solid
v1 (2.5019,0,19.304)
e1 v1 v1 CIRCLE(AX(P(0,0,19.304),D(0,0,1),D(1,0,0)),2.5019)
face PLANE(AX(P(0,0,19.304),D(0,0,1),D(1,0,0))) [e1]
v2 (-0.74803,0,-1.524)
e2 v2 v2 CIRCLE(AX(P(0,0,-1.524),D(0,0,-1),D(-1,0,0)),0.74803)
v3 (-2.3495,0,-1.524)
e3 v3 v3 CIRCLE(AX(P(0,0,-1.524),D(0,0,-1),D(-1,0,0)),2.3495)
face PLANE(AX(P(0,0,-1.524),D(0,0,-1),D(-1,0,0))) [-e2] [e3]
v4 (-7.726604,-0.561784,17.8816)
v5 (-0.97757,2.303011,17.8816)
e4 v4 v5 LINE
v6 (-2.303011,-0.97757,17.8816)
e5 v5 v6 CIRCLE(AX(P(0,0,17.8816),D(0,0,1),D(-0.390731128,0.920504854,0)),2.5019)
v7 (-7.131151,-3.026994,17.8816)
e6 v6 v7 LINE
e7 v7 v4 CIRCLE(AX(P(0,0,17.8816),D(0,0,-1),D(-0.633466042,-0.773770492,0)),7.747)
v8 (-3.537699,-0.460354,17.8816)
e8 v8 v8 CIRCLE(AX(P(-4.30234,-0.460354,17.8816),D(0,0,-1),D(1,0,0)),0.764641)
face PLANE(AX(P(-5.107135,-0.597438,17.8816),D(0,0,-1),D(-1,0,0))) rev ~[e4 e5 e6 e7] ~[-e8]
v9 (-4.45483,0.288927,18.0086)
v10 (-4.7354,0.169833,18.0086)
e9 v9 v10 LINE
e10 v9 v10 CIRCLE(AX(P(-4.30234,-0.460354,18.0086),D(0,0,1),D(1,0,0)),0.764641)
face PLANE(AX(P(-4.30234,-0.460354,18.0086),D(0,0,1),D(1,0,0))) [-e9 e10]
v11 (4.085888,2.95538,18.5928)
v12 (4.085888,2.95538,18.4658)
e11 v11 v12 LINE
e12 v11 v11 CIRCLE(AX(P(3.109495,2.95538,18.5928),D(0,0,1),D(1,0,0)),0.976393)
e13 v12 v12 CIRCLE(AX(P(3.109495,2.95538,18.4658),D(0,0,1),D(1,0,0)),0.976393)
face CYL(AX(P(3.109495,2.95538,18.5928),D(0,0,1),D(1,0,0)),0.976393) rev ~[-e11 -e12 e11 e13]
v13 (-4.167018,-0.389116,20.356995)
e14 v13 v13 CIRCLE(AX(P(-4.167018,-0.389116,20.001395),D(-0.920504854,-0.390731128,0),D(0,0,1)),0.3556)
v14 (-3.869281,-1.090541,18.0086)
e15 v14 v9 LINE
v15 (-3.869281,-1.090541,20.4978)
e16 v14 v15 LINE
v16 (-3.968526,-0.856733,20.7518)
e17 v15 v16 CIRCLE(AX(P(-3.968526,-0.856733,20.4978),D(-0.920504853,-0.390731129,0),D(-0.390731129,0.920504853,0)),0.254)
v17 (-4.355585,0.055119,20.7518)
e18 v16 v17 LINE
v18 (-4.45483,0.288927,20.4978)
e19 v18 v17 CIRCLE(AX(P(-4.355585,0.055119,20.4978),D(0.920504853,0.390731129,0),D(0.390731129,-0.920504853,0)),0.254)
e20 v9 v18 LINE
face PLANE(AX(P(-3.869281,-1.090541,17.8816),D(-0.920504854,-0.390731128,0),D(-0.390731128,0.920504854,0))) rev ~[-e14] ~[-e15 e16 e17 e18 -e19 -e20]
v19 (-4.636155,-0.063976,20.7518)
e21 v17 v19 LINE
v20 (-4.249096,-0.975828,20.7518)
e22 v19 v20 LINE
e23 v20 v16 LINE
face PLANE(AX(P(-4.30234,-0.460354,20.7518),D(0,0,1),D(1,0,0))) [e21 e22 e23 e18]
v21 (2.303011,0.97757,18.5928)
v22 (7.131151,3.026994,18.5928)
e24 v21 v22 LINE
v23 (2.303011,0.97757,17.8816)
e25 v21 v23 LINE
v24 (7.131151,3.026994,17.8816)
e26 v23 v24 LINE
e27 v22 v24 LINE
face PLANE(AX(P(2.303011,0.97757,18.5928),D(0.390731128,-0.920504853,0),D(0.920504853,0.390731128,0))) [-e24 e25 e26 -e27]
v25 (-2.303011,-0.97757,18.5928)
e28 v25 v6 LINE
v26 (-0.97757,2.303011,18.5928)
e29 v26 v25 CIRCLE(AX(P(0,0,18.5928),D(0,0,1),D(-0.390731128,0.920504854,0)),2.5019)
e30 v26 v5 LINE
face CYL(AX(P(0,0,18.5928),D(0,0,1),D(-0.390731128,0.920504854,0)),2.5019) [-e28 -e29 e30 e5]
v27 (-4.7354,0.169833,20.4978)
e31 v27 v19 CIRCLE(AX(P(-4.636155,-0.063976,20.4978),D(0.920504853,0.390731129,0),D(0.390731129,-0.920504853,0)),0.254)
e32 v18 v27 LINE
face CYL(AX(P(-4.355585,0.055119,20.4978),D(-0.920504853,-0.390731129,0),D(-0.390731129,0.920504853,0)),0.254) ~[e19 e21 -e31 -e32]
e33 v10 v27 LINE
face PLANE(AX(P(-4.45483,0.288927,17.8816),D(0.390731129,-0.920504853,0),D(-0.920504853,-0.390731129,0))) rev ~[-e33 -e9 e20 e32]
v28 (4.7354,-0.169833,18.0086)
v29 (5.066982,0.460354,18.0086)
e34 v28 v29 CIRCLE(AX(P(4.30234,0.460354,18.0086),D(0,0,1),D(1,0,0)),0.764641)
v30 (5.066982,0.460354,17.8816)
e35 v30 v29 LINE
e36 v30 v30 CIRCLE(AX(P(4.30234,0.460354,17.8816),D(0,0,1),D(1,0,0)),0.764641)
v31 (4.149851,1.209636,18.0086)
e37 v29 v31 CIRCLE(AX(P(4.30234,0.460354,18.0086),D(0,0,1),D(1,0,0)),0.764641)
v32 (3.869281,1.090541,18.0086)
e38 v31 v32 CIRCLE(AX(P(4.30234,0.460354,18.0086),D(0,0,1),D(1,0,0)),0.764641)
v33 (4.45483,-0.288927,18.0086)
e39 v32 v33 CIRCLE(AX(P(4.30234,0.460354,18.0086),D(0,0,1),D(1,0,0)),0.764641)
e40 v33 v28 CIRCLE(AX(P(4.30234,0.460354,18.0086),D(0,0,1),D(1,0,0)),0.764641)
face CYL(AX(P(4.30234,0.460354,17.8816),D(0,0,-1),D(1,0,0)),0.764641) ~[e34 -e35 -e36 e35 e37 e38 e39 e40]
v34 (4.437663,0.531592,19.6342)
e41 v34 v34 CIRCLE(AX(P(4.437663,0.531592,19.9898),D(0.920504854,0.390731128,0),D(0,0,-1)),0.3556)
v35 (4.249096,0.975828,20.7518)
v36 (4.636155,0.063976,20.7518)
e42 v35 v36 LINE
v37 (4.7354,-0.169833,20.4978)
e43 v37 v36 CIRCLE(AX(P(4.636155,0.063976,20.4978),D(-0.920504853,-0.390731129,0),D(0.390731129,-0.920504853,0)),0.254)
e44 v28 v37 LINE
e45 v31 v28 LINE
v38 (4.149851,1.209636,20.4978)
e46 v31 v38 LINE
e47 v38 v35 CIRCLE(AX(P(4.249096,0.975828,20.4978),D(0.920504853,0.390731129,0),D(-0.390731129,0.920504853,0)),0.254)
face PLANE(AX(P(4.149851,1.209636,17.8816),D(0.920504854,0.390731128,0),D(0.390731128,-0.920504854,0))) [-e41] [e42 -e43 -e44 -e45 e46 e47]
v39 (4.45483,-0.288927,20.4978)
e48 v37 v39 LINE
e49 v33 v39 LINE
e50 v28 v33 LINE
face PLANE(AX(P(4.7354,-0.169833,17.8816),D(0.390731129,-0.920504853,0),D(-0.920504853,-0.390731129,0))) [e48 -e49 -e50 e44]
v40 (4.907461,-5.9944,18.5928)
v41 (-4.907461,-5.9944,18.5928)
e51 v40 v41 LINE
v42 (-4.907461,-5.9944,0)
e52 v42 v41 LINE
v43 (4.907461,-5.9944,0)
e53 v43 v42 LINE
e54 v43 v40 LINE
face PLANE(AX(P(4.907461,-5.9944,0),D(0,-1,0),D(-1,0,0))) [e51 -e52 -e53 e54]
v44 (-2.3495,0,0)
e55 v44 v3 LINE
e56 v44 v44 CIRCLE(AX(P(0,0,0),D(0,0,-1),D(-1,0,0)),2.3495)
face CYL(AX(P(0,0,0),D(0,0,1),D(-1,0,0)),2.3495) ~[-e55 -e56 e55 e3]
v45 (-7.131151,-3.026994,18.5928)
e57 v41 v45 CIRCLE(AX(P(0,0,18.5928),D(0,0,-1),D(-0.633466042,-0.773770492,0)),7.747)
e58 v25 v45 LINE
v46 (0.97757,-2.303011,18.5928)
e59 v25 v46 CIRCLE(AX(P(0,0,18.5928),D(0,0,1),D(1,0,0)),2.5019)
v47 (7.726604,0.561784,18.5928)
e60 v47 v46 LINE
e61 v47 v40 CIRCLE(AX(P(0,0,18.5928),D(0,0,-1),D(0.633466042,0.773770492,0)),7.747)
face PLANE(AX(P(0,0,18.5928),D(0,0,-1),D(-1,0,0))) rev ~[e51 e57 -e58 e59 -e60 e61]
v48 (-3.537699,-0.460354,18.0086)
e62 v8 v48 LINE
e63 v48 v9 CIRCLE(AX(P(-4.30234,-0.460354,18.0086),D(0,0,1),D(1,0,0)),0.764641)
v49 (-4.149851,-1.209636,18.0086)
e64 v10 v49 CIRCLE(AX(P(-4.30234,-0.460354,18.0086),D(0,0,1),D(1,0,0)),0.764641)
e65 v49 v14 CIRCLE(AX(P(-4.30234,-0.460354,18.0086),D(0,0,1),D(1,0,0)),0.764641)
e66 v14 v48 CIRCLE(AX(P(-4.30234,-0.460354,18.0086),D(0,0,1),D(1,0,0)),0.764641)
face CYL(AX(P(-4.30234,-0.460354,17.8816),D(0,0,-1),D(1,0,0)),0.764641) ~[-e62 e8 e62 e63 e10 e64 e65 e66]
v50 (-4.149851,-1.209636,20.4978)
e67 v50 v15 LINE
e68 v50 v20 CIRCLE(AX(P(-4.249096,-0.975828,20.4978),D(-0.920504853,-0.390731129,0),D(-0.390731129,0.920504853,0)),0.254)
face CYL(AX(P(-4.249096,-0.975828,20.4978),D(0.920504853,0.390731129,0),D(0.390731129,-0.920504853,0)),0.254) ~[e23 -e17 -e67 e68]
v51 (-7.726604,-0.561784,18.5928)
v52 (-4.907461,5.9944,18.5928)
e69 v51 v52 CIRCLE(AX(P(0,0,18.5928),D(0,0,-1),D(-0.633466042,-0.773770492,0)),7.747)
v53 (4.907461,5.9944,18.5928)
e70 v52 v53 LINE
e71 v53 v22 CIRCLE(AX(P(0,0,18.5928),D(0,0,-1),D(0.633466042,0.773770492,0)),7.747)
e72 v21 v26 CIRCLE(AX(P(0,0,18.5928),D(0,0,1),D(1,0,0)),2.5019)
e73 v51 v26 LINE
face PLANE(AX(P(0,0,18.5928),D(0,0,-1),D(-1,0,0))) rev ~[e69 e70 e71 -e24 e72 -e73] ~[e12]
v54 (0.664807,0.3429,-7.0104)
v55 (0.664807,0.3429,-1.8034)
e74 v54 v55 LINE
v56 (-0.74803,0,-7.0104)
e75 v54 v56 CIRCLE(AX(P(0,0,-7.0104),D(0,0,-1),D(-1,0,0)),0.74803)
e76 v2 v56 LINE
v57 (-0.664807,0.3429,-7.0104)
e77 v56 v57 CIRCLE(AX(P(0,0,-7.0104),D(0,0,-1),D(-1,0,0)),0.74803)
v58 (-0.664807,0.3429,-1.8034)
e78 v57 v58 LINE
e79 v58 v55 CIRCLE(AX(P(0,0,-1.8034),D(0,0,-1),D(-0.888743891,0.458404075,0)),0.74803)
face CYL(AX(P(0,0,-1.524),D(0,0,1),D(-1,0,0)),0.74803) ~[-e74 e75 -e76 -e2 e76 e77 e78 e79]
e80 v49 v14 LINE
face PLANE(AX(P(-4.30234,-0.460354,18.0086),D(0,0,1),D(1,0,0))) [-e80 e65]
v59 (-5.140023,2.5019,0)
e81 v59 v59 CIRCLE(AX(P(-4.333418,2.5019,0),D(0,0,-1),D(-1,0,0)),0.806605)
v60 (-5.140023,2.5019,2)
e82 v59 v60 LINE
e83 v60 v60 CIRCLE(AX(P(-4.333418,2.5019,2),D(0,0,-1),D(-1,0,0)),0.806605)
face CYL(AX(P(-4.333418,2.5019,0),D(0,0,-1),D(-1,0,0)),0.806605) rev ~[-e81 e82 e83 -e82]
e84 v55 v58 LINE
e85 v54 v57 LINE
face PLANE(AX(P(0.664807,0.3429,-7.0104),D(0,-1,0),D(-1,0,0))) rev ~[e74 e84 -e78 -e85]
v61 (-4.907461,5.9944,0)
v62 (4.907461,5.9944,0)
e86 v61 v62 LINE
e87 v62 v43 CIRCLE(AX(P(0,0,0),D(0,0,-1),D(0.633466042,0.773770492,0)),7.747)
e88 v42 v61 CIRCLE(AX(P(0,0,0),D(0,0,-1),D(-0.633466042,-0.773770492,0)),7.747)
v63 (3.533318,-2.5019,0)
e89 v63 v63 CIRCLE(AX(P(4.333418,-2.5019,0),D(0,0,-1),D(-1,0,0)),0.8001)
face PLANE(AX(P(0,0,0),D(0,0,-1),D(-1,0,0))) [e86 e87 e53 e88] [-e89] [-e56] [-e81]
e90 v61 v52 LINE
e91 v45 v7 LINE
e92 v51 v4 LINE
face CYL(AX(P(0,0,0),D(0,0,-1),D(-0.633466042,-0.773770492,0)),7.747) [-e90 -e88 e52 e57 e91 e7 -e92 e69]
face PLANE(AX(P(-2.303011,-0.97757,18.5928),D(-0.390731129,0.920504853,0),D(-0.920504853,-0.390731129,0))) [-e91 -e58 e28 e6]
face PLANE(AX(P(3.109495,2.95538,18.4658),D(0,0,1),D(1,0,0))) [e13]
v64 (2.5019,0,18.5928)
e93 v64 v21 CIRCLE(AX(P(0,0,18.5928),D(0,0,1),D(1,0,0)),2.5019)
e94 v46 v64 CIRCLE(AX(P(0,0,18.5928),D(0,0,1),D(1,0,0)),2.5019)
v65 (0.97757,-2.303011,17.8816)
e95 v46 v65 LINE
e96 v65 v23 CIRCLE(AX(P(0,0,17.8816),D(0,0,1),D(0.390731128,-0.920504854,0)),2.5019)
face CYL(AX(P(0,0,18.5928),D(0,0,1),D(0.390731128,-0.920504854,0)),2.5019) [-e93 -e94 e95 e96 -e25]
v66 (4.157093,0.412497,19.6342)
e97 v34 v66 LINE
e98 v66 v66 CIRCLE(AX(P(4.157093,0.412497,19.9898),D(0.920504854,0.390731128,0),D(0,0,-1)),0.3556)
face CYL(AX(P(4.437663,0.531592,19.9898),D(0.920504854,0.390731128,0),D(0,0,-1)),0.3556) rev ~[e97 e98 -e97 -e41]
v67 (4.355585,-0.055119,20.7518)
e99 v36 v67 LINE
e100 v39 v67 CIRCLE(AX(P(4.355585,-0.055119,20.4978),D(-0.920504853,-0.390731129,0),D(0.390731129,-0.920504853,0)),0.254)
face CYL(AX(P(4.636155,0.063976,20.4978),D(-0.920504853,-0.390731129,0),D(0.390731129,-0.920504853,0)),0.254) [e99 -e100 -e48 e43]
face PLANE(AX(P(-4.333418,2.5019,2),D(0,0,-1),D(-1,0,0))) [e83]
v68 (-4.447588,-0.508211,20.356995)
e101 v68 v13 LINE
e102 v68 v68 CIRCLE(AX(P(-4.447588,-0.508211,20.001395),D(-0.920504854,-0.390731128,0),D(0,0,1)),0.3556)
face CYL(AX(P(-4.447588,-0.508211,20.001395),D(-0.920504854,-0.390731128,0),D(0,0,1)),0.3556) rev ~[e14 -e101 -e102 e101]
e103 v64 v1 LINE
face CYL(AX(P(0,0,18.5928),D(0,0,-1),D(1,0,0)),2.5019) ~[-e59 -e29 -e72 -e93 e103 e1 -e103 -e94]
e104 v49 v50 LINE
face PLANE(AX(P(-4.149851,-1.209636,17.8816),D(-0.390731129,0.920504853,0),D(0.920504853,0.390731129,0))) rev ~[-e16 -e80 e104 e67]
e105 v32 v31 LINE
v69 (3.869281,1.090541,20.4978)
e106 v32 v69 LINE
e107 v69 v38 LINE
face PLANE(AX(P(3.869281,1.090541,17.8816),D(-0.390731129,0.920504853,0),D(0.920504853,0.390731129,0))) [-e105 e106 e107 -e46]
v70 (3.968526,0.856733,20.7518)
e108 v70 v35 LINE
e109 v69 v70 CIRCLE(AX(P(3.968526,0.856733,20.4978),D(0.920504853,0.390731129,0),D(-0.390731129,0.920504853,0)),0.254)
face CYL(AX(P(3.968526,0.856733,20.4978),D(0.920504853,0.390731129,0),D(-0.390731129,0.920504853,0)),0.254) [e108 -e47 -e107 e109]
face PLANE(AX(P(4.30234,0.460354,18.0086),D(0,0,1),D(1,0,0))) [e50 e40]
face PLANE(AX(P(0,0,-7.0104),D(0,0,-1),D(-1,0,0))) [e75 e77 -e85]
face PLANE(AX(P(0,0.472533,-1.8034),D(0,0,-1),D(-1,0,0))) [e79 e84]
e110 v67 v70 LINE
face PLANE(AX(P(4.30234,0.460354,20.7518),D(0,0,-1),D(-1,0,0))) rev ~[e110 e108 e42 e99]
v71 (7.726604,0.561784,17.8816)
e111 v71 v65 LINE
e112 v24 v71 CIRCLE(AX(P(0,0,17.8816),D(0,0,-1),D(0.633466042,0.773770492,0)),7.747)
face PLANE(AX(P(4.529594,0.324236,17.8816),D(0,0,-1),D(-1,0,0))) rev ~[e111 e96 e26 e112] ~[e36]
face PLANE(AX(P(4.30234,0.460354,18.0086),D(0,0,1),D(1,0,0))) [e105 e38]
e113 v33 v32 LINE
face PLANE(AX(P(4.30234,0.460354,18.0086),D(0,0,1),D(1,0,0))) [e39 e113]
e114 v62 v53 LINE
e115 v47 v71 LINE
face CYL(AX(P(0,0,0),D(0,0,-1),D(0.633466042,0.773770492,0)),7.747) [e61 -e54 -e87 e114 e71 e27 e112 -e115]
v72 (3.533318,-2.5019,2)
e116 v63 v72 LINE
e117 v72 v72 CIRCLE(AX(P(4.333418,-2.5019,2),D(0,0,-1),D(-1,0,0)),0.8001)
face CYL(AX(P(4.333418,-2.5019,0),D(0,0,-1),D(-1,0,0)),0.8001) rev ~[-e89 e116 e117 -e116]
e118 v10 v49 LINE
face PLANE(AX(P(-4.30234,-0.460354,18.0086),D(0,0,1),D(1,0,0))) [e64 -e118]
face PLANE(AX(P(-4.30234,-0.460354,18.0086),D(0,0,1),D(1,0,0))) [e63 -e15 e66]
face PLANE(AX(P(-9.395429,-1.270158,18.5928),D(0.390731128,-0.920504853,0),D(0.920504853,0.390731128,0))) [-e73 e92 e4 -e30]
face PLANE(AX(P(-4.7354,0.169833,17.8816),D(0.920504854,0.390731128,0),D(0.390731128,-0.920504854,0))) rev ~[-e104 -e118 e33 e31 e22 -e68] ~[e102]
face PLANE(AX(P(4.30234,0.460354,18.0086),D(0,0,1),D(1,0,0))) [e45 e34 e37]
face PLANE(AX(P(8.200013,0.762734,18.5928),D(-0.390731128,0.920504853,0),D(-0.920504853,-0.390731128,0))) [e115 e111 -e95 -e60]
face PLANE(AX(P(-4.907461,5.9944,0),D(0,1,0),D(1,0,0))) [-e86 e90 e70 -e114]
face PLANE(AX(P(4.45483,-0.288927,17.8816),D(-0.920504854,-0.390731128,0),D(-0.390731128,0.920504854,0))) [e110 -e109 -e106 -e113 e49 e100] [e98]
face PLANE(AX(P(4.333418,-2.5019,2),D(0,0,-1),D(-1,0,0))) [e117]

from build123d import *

# Parameters (mm, degrees)
EXTRUDE1_DEPTH     = 18.5928
SKETCH2_R          = 2.3495
EXTRUDE2_DEPTH     = 1.524
SKETCH3_R          = 0.74803
EXTRUDE3_DEPTH     = 5.4864
SKETCH4_R          = 2.5019
EXTRUDE4_DEPTH     = 0.7112
SKETCH6_R          = 0.806604734
SKETCH6_R_2        = 0.8001
CUT_EXTRUDE1_DEPTH = 2
CUT_EXTRUDE2_DEPTH = 0.7112
CUT_EXTRUDE3_DEPTH = 0.7112
EXTRUDE5_DEPTH     = 2.8702
FILLET1_R          = 0.254
SKETCH11_R         = 0.3556
CUT_EXTRUDE4_DEPTH = 0.381
SKETCH12_R         = 0.3556
CUT_EXTRUDE5_DEPTH = 0.381
SKETCH13_R         = 0.764641256
EXTRUDE6_DEPTH     = 0.127
SKETCH14_R         = 0.976393175
EXTRUDE7_DEPTH     = 0.127
EXTRUDE8_DEPTH     = 5.207


with BuildPart() as part:
    # Sketch1 → Extrude1 (new body)
    with BuildSketch(Plane.XY):
        with BuildLine():
            Line((-4.907461425, 5.9944), (4.907461425, 5.9944))
            ThreePointArc((4.907461425, 5.9944), (7.747, 0), (4.907461425, -5.9944))
            Line((4.907461425, -5.9944), (-4.907461425, -5.9944))
            ThreePointArc((-4.907461425, -5.9944), (-7.747, 0), (-4.907461425, 5.9944))
        make_face()
    extrude(amount=EXTRUDE1_DEPTH)

    # Sketch2 → Extrude2 (add)
    with BuildSketch(Plane(origin=(0, 0, 0), x_dir=(-1, 0, 0), z_dir=(0, 0, -1))):
        Circle(SKETCH2_R)
    extrude(amount=EXTRUDE2_DEPTH)

    # Sketch3 → Extrude3 (add)
    with BuildSketch(Plane(origin=(0, 0, -1.524), x_dir=(-1, 0, 0), z_dir=(0, 0, -1))):
        Circle(SKETCH3_R)
    extrude(amount=EXTRUDE3_DEPTH)

    # Sketch4 → Extrude4 (add)
    with BuildSketch(Plane.XY.offset(18.5928)):
        Circle(SKETCH4_R)
    extrude(amount=EXTRUDE4_DEPTH)

    # Sketch6 → Cut-Extrude1 (cut)
    with BuildSketch(Plane(origin=(0, 0, 0), x_dir=(-1, 0, 0), z_dir=(0, 0, -1))):
        with Locations((4.333417915, 2.5019)):
            Circle(SKETCH6_R)
        with Locations((-4.333417915, -2.5019)):
            Circle(SKETCH6_R_2)
    extrude(amount=-CUT_EXTRUDE1_DEPTH, mode=Mode.SUBTRACT)

    # Sketch8 → Cut-Extrude2 (cut)
    with BuildSketch(Plane.XY.offset(18.5928)):
        with BuildLine():
            Line((2.303011093, 0.97757021), (7.222442902, 3.065745123))
            Line((7.222442902, 3.065745123), (8.200013112, 0.76273403))
            Line((8.200013112, 0.76273403), (0.97757021, -2.303011093))
            ThreePointArc((0.97757021, -2.303011093), (2.319721286, -0.937228236), (2.303011093, 0.97757021))
        make_face()
    extrude(amount=-CUT_EXTRUDE2_DEPTH, mode=Mode.SUBTRACT)

    # Sketch9 → Cut-Extrude3 (cut)
    with BuildSketch(Plane.XY.offset(18.5928)):
        with BuildLine():
            Line((-2.303011093, -0.97757021), (-8.41785865, -3.573169003))
            Line((-8.41785865, -3.573169003), (-9.39542886, -1.27015791))
            Line((-9.39542886, -1.27015791), (-0.97757021, 2.303011093))
            ThreePointArc((-0.97757021, 2.303011093), (-2.319721286, 0.937228236), (-2.303011093, -0.97757021))
        make_face()
    extrude(amount=-CUT_EXTRUDE3_DEPTH, mode=Mode.SUBTRACT)

    # Sketch10 → Extrude5 (add)
    with BuildSketch(Plane.XY.offset(17.8816)):
        Polygon((-4.735400216, 0.169832597), (-4.149850547, -1.209635977), (-3.869280668, -1.090541129), (-4.454830337, 0.288927445), align=None)
        Polygon((3.869280668, 1.090541129), (4.149850547, 1.209635977), (4.735400216, -0.169832597), (4.454830337, -0.288927445), align=None)
    extrude(amount=EXTRUDE5_DEPTH)

    # Fillet1
    fillet1_edges = [part.edges().sort_by_distance(p)[0] for p in [
        (-4.595115277, 0.229380021, 20.7518),
        (-4.009565608, -1.150088553, 20.7518),
        (4.595115277, -0.229380021, 20.7518),
        (4.009565608, 1.150088553, 20.7518),
    ]]
    fillet(fillet1_edges, radius=FILLET1_R)

    # Sketch11 → Cut-Extrude4 (cut)
    with BuildSketch(Plane(origin=(-3.951359134, -1.677252442, 0), x_dir=(0, 0, 1), z_dir=(-0.920504853, -0.390731128, 0))):
        with Locations((20.001394918, 1.27)):
            Circle(SKETCH11_R)
    extrude(amount=-CUT_EXTRUDE4_DEPTH, mode=Mode.SUBTRACT)

    # Sketch12 → Cut-Extrude5 (cut)
    with BuildSketch(Plane(origin=(3.951359134, 1.677252442, 0), x_dir=(0, 0, -1), z_dir=(0.920504853, 0.390731128, 0))):
        with Locations((-19.9898, -1.2446)):
            Circle(SKETCH12_R)
    extrude(amount=-CUT_EXTRUDE5_DEPTH, mode=Mode.SUBTRACT)

    # Sketch13 → Extrude6 (add)
    with BuildSketch(Plane.XY.offset(17.8816)):
        with Locations((4.302340442, 0.460354266)):
            Circle(SKETCH13_R)
        with Locations((-4.302340442, -0.460354266)):
            Circle(SKETCH13_R)
    extrude(amount=EXTRUDE6_DEPTH)

    # Sketch14 → Extrude7 (cut)
    with BuildSketch(Plane.XY.offset(18.5928)):
        with Locations((3.109494983, 2.955380071)):
            Circle(SKETCH14_R)
    extrude(amount=-EXTRUDE7_DEPTH, mode=Mode.SUBTRACT)

    # Sketch15 → Extrude8 (cut)
    with BuildSketch(Plane(origin=(0, 0, -7.0104), x_dir=(-1, 0, 0), z_dir=(0, 0, -1))):
        with BuildLine():
            Line((-0.664807093, 0.3429), (0.664807093, 0.3429))
            ThreePointArc((0.664807093, 0.3429), (0, 0.74803), (-0.664807093, 0.3429))
        make_face()
    extrude(amount=-EXTRUDE8_DEPTH, mode=Mode.SUBTRACT)


solid = part.part
